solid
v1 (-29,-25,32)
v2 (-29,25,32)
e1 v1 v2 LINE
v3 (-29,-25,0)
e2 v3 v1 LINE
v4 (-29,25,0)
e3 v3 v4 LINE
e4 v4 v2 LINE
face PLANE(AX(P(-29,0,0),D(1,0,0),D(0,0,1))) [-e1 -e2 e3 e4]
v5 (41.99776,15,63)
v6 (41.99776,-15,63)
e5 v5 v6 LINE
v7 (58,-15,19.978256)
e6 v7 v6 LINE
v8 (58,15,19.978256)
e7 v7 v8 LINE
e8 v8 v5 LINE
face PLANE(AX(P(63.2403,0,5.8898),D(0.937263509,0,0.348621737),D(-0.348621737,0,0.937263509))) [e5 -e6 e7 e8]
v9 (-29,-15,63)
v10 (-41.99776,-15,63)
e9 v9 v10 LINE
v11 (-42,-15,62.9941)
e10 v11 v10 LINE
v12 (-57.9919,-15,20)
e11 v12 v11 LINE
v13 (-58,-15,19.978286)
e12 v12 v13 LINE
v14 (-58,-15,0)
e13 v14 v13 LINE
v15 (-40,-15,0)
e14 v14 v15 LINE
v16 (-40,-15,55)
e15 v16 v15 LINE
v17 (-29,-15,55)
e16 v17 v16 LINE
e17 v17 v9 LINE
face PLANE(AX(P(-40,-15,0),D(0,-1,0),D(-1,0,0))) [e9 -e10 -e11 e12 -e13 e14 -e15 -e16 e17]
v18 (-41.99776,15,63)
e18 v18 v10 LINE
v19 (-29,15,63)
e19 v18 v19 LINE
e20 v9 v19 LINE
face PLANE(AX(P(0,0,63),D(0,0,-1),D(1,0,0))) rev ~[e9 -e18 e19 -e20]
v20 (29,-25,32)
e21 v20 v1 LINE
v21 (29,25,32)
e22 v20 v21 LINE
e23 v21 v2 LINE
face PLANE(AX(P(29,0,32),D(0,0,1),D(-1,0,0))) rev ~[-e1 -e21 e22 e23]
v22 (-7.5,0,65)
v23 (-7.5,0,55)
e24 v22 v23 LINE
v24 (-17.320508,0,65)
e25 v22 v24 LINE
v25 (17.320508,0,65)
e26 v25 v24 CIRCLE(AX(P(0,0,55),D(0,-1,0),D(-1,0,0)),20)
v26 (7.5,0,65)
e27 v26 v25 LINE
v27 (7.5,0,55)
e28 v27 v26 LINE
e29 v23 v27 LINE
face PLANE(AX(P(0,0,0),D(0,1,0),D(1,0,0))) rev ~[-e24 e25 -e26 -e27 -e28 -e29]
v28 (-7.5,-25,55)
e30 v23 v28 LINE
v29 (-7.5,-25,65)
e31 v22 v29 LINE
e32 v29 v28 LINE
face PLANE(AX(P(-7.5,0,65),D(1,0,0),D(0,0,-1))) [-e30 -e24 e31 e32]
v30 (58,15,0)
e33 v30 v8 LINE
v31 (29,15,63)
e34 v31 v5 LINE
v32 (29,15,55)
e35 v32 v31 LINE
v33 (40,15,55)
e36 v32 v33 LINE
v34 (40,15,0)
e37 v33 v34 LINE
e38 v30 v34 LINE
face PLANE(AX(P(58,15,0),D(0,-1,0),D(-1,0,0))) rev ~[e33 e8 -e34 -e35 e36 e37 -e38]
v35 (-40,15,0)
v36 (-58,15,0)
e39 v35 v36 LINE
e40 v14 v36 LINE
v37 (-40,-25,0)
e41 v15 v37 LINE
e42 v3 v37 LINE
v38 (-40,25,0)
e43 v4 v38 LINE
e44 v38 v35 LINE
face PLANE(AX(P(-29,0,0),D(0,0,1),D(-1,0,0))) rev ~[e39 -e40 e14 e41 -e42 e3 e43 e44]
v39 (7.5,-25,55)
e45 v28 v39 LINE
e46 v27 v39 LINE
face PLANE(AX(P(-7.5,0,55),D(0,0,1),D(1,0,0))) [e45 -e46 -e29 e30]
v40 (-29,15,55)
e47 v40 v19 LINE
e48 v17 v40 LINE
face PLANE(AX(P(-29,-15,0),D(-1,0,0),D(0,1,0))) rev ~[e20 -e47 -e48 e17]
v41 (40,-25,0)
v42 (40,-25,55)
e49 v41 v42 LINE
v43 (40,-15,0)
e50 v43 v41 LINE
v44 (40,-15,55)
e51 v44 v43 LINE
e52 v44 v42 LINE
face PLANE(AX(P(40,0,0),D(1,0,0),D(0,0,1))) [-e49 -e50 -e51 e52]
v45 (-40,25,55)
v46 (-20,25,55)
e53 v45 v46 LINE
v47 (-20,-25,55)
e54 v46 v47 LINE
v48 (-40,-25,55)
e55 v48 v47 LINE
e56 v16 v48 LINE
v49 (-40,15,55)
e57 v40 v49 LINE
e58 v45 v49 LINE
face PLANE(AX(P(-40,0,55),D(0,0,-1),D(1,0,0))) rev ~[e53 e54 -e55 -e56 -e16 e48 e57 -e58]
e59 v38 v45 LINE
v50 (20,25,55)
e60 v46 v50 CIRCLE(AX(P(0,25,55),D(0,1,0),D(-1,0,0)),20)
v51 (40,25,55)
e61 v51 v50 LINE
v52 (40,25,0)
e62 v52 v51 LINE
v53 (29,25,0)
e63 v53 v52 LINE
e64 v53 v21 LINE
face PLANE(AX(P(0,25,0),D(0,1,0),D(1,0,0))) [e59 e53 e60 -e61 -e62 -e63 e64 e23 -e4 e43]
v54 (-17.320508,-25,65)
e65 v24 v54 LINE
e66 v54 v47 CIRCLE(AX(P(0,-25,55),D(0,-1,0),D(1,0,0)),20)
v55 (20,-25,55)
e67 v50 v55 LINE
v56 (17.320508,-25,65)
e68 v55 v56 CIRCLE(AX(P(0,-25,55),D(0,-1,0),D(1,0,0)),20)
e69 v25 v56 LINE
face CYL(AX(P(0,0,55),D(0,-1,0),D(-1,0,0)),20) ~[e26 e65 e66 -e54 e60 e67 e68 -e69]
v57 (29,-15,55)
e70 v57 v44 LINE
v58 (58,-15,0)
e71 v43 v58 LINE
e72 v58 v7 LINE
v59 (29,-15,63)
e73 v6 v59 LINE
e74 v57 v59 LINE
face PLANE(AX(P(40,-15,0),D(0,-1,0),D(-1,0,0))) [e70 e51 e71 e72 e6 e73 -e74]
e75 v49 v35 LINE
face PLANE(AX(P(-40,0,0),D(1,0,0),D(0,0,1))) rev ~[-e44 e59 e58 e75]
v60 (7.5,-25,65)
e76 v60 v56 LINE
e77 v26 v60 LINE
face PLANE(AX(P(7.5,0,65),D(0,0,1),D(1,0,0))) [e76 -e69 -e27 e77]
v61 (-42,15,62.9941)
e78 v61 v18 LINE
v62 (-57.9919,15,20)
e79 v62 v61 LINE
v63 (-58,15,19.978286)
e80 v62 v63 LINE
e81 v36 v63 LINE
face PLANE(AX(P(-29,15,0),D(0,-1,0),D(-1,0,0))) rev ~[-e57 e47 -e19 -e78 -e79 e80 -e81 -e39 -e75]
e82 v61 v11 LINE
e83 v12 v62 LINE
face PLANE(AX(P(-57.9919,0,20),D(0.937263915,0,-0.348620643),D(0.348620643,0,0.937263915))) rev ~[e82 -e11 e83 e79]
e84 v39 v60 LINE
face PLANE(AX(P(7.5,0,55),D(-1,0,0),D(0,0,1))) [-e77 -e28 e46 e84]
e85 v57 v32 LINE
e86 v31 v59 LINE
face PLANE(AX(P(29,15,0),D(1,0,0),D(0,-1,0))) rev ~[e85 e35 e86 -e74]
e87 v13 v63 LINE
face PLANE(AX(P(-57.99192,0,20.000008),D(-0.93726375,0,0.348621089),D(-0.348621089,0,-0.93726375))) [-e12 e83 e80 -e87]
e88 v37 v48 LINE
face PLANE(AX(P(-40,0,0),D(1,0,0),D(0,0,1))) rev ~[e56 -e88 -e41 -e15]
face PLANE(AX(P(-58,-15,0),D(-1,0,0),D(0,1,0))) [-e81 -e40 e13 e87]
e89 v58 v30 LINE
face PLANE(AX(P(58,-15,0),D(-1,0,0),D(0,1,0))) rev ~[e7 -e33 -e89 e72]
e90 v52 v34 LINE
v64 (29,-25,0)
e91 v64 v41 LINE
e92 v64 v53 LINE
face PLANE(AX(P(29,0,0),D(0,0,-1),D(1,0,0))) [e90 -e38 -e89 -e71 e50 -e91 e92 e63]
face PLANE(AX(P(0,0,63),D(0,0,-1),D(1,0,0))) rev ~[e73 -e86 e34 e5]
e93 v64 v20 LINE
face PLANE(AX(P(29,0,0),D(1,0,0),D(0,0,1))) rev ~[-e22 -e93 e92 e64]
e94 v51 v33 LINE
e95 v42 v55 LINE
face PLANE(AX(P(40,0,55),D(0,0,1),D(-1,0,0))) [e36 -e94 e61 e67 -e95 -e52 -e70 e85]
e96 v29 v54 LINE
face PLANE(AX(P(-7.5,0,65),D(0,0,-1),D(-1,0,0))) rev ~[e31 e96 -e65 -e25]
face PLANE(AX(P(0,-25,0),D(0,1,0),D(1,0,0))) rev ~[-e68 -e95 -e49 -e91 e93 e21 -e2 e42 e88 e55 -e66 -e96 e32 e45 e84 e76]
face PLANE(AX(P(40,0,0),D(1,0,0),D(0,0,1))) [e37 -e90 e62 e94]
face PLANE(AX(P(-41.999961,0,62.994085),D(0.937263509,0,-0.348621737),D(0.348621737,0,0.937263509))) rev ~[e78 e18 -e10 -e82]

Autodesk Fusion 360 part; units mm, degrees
sketch "Sketch1" plane through (0, 0, 0) normal (0, 1, 0) x (1, 0, 0)
  line L0 (29, 0) -> (40, 0)
  line L1 (40, 0) -> (40, -55)
  line L2 (40, -55) -> (20, -55)
  line L3 (0, -55) -> (0, -32)
  line L4 (0, -70) -> (0, -85)
  line L5 (0, -35) -> (0, -32)
  line L6 (-29, 0) -> (-40, 0)
  line L7 (-40, 0) -> (-40, -55)
  line L8 (-40, -55) -> (-20, -55)
  line L9 (29, 0) -> (29, -32)
  line L10 (29, -32) -> (0, -32)
  line L11 (-29, -32) -> (0, -32)
  line L12 (-29, 0) -> (-29, -32)
  arc A0 (-20, -55) -> (20, -55) centre (0, -55) ccw
  dimension "d1" = 40
  dimension "d2" = 55
  dimension "d3" = 29
  dimension "d4" = 32
  dimension "d5" = 40
extrude "Extrude1" add sketch "Sketch1" along normal mid plane 50
sketch "Sketch2" plane through (0, 0, 32) normal (0, 0, -1) x (1, 0, 0)
  line L0 (-29, 25) -> (-29, -25)
  line L1 (-29, -25) -> (29, -25)
  line L2 (29, -25) -> (29, 25)
  line L3 (29, 25) -> (-29, 25)
  line L4 (40, 15) -> (27, 15)
  line L5 (27, 15) -> (27, -15)
  line L6 (27, -15) -> (40, -15)
  line L7 (40, 15) -> (58, 15)
  line L8 (58, 15) -> (58, -15)
  line L9 (58, -15) -> (40, -15)
  line L10 (0, -35) -> (0, -40)
  line L11 (-58, -15) -> (-40, -15)
  line L12 (-27, -15) -> (-40, -15)
  line L13 (-27, 15) -> (-27, -15)
  line L14 (-40, 15) -> (-27, 15)
  line L15 (-40, 15) -> (-58, 15)
  line L16 (-58, 15) -> (-58, -15)
  dimension "d9" = 13
  dimension "d10" = 30
  dimension "d11" = 18
  dimension "d12" = 30
extrude "Extrude2" add sketch "Sketch2" against normal blind 63 from surface at 32 contours L0 L11 L12 L14 L15 L16 | L2 L4 L6 L7 L8 L9
sketch "Sketch3" plane through (0, 0, 0) normal (0, 1, 0) x (1, 0, 0)
  line L0 (-7.5, -65) -> (-7.5, -55)
  line L1 (7.5, -55) -> (7.5, -65)
  line L2 (-7.5, -55) -> (7.5, -55)
  line L3 (0, -85) -> (0, -96)
  line L4 (-57.9919, -20) -> (-42, -62.9941)
  line L5 (-42, -62.9941) -> (-63.2403, -5.8898)
  line L6 (-63.2403, -5.8898) -> (-39.5238, -69.6512)
  line L7 (-39.5238, -69.6512) -> (-63.2403, -69.6512)
  line L8 (-63.2403, -69.6512) -> (-63.2403, -5.8898)
  line L9 (39.5238, -69.6512) -> (63.2403, -69.6512)
  line L10 (63.2403, -5.8898) -> (39.5238, -69.6512)
  line L11 (63.2403, -69.6512) -> (63.2403, -5.8898)
  line L12 (-7.5, -65) -> (-20, -65)
  line L13 (7.5, -65) -> (20.2492, -65)
  arc A0 (-20, -65) -> (20.2492, -65) centre (0.1246, -54.9377) ccw
  dimension "d24" = 45
extrude "Extrude3" cut sketch "Sketch3" along normal mid plane 70 contours L4 L5 L6 L7 L8 | L9 L10 L11
extrude "Extrude4" cut sketch "Sketch3" against normal blind 30 contours L0 L1 L2 L12 L13 A0
